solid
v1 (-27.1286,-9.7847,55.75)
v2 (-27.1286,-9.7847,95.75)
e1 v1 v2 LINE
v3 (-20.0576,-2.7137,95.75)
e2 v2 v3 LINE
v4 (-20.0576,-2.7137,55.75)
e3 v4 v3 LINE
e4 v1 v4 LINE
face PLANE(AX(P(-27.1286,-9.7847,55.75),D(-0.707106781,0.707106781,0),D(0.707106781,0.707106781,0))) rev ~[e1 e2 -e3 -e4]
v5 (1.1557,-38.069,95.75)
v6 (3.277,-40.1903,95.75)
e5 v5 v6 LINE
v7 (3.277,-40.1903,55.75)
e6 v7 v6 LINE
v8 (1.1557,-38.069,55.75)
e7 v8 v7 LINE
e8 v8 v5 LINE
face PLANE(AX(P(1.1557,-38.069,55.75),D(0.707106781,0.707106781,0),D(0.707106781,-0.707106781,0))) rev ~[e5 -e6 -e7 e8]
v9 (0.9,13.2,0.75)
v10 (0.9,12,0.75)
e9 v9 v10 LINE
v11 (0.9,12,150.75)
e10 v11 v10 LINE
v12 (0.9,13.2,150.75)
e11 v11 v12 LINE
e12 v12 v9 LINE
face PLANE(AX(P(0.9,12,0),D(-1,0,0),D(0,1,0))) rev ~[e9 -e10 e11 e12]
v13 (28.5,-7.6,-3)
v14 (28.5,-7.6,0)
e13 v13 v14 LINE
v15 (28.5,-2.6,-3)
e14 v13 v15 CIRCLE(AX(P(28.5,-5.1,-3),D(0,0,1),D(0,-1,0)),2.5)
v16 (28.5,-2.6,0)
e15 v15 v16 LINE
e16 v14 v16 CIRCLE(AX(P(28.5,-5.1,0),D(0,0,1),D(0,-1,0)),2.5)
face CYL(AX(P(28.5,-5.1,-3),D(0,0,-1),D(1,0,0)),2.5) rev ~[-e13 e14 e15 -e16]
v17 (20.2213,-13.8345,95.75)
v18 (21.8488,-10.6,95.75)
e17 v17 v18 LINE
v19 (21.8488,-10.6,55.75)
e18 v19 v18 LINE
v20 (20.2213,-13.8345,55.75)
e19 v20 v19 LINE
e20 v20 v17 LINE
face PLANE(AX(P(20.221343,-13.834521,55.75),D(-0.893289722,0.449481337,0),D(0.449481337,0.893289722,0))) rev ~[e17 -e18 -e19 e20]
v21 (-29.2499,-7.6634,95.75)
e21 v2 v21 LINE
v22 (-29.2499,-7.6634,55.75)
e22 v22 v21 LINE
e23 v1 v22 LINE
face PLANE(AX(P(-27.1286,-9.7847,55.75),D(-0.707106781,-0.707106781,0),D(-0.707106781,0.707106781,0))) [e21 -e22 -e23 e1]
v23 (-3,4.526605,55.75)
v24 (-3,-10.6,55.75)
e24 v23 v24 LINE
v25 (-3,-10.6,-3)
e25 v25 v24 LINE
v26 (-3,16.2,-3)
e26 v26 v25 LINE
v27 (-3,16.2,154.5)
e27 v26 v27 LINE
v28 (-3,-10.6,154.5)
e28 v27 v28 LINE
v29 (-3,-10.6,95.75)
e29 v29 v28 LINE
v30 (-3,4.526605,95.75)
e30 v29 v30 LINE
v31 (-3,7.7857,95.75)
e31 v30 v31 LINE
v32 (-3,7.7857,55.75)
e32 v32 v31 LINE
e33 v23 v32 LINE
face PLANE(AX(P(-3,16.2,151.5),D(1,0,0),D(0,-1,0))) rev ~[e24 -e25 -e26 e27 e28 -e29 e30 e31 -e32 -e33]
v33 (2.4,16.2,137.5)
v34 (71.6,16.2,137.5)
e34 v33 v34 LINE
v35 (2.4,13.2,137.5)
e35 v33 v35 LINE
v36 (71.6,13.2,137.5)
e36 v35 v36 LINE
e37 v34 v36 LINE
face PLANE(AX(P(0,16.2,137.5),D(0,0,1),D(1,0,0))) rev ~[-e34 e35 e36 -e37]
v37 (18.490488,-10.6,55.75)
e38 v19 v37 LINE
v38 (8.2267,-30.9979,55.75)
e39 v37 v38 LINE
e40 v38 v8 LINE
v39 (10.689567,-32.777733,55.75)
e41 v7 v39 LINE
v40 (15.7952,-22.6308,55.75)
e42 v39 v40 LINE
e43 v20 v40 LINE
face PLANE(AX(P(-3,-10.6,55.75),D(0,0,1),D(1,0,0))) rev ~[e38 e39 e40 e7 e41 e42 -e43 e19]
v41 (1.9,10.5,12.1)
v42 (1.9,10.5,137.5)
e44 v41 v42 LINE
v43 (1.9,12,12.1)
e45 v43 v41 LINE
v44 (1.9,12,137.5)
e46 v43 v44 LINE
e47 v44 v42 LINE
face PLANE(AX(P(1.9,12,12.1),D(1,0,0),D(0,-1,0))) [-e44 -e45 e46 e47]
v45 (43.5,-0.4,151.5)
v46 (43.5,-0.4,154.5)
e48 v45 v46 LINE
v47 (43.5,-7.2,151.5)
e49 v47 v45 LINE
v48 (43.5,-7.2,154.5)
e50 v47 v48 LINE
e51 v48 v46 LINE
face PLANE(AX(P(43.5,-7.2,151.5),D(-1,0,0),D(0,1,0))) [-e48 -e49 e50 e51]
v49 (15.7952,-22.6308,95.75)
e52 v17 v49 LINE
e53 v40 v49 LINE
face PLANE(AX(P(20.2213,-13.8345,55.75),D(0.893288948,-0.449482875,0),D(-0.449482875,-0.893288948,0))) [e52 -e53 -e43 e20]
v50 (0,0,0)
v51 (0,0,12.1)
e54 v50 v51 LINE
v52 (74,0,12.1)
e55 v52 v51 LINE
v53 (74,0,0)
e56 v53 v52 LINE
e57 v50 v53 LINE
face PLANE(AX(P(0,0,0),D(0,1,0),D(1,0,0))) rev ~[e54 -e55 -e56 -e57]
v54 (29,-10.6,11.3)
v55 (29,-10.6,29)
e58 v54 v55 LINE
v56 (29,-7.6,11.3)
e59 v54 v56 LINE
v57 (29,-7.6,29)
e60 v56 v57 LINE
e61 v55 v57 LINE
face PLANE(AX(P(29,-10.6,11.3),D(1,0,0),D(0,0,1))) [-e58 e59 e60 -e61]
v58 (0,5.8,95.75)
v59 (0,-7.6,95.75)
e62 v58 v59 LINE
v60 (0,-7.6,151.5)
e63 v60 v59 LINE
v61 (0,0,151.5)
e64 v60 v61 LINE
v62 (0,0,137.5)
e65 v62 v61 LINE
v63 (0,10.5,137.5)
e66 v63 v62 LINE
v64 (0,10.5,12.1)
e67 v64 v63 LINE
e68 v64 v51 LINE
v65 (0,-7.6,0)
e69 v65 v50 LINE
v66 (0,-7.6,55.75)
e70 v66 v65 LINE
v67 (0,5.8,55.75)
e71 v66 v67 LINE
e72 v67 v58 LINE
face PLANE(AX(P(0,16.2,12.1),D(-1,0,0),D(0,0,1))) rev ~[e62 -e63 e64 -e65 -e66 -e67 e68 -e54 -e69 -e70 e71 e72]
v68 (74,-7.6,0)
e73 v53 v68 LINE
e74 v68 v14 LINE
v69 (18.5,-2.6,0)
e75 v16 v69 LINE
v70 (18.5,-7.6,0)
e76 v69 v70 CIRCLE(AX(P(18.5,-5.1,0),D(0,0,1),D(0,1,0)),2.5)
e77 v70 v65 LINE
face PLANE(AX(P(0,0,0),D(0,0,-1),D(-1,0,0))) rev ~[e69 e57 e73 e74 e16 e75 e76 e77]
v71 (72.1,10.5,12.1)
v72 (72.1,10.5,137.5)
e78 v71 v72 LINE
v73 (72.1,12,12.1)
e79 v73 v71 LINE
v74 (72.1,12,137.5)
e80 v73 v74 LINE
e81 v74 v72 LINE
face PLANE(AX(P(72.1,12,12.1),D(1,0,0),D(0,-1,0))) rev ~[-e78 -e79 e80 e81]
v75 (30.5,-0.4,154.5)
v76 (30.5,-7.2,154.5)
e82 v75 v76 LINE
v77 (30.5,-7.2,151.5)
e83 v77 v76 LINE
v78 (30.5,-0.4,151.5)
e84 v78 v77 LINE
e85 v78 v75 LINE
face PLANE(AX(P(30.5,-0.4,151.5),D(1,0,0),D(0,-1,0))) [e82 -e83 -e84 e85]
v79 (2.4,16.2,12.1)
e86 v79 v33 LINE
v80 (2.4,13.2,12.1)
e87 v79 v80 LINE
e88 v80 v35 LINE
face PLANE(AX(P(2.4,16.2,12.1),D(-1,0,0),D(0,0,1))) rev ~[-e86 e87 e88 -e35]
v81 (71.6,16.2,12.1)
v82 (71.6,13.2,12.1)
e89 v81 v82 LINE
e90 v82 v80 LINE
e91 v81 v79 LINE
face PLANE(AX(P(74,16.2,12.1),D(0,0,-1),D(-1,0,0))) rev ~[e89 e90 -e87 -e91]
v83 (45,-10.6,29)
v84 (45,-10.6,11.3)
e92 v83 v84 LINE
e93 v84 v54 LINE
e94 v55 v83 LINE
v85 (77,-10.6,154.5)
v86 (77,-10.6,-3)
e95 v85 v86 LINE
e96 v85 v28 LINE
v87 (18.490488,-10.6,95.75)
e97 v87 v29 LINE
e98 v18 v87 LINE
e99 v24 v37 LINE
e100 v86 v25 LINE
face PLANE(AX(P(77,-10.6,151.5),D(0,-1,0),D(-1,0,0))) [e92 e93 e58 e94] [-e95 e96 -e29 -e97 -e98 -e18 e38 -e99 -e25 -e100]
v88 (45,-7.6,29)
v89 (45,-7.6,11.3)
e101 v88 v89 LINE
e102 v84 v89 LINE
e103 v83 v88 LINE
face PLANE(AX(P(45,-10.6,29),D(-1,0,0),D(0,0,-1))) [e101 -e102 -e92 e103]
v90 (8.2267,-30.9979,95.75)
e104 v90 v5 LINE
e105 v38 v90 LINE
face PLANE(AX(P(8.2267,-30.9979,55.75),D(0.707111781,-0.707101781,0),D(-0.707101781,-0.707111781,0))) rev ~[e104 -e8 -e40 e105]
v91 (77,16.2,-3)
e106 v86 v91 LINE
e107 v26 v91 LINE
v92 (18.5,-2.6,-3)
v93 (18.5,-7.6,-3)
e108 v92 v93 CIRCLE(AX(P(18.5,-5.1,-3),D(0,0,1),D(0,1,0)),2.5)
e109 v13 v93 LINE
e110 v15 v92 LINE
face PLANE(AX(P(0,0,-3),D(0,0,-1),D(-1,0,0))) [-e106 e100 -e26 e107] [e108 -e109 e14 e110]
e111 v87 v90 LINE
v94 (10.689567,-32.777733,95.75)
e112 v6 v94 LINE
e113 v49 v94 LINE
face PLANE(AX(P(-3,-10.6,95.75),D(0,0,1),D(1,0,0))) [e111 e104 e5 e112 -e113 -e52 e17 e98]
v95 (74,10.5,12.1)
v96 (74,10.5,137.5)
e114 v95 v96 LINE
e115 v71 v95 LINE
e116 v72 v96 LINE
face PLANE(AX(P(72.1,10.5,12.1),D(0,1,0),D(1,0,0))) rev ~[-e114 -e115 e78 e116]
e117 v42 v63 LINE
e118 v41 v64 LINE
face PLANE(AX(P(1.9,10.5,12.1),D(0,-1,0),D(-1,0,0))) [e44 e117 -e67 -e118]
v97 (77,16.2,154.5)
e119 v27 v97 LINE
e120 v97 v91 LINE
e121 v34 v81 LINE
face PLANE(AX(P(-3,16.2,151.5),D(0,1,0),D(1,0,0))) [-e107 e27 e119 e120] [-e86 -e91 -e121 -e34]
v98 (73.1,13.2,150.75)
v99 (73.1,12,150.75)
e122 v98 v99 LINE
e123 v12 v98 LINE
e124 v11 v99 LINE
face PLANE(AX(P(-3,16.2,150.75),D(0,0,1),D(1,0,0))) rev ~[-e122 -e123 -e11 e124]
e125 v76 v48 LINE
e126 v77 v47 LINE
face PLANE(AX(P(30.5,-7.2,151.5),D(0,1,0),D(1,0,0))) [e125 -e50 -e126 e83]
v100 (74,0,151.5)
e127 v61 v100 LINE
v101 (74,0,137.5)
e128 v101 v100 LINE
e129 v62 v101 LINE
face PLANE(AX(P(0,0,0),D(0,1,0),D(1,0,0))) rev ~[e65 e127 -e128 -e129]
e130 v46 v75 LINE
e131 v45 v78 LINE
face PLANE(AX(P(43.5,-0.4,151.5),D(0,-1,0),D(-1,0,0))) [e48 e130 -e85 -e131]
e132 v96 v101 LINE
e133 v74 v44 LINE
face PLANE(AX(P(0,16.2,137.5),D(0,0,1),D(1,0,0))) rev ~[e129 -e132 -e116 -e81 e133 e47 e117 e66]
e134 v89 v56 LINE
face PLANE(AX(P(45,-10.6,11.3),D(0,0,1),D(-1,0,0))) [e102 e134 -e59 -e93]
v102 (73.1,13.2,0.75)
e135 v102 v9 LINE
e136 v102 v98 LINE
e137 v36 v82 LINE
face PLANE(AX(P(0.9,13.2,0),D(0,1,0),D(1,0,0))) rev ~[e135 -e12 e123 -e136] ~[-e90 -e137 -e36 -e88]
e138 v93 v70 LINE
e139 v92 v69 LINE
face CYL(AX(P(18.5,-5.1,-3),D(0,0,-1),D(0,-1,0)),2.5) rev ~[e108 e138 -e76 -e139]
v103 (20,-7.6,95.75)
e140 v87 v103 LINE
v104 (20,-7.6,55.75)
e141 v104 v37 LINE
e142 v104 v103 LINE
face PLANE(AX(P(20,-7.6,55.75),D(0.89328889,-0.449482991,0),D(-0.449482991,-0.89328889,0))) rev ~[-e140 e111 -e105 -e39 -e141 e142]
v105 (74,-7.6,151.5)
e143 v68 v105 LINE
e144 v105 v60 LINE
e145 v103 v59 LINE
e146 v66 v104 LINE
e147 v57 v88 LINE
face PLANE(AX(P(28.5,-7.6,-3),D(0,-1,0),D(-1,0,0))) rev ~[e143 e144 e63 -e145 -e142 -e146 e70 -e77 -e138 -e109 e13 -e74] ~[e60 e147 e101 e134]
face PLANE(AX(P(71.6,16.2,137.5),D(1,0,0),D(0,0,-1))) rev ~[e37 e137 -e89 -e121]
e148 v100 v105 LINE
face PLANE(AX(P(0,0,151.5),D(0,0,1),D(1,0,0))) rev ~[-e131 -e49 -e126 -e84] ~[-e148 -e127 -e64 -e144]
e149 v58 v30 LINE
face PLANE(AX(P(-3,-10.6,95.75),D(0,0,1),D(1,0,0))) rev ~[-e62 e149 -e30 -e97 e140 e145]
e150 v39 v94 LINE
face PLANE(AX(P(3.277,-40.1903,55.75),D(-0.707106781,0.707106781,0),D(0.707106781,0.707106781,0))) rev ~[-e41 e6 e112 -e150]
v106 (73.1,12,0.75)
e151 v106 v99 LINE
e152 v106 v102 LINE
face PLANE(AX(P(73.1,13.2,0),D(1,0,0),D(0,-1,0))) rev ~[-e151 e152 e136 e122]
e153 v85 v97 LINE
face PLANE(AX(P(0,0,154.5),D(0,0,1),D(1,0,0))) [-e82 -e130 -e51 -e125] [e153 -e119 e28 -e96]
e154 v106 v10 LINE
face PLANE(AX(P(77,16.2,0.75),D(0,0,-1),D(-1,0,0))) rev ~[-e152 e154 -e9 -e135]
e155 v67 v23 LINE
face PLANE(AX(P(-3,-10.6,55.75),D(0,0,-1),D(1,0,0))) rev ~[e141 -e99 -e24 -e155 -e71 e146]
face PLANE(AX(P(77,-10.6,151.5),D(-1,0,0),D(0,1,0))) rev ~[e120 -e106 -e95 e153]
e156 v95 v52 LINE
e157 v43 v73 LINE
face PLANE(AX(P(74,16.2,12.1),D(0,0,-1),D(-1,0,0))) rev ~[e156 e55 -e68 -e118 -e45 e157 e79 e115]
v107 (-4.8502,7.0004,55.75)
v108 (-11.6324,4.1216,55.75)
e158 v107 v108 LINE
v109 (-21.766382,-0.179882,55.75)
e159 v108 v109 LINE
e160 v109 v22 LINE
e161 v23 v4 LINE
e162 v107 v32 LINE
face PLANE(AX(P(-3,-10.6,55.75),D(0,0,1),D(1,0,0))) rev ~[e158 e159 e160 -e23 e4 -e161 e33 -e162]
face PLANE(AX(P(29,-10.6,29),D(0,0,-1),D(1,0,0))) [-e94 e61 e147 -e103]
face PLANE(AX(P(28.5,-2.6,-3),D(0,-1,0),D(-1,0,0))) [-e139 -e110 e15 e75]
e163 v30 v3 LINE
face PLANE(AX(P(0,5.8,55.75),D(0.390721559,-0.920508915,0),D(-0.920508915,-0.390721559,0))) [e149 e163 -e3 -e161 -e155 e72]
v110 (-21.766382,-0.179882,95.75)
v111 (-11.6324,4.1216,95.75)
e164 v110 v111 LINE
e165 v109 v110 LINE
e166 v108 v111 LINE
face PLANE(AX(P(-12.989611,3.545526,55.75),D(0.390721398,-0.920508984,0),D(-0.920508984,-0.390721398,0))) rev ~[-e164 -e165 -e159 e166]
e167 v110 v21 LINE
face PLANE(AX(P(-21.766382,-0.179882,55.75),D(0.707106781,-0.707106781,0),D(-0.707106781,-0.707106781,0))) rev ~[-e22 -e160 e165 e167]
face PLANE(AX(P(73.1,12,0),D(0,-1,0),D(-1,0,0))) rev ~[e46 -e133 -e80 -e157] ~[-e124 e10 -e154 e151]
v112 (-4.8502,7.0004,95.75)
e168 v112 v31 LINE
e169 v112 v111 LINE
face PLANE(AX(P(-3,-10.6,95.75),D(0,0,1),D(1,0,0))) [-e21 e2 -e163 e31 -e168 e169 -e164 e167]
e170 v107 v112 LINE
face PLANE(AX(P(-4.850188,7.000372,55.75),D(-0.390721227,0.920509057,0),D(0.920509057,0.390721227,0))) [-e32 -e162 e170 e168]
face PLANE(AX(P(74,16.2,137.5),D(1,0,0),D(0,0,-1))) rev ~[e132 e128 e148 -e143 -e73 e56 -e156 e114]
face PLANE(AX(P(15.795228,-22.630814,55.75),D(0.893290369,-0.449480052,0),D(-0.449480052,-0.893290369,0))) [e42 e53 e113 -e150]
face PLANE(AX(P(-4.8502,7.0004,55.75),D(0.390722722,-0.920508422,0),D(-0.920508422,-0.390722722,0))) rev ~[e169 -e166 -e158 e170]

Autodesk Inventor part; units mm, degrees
ref_plane "YZ Plane" through (0, 0, 0) normal (1, 0, 0) x (0, 1, 0)
ref_plane "XZ Plane" through (0, 0, 0) normal (0, 1, 0) x (-1, 0, 0)
ref_plane "XY Plane" through (0, 0, 0) normal (0, 0, 1) x (1, 0, 0)
sketch "Sketch1" plane through (0, 0, 0) normal (0, 0, 1) x (1, 0, 0)
  line L0 (0, 0) -> (74, 0)
  line L1 (74, 0) -> (74, -7.6)
  line L2 (74, -7.6) -> (0, -7.6)
  line L3 (0, -7.6) -> (0, 0)
  line L4 (0.9, 13.2) -> (73.1, 13.2)
  line L5 (73.1, 13.2) -> (73.1, 12)
  line L6 (73.1, 12) -> (0.9, 12)
  line L7 (0.9, 12) -> (0.9, 13.2)
  line L8 (-3, 16.2) -> (77, 16.2)
  line L9 (77, 16.2) -> (77, -10.6)
  line L10 (77, -10.6) -> (-3, -10.6)
  line L11 (-3, -10.6) -> (-3, 16.2)
  dimension "d0" = 74
  dimension "d1" = 7.6
  dimension "d2" = 1.2
  dimension "d3" = 12
  dimension "d4" = 72.2
  dimension "d5" = 0.9
  dimension "d6" = 3
  dimension "d7" = 3
  dimension "d8" = 3
  dimension "d9" = 3
extrude "Extrusion1" add sketch "Sketch1" along normal blind 151.5
sketch "Sketch2" plane through (-3, 16.2, 0) normal (0, 1, 0) x (1, 0, 0)
  line L0 (77, -12.1) -> (3, -12.1)
  line L1 (3, -12.1) -> (3, -137.5)
  line L2 (3, -137.5) -> (77, -137.5)
  line L3 (77, -137.5) -> (77, -12.1)
  line L4 (80, 0) -> (80, -151.5) projected
  line L5 (0, 0) -> (0, -151.5) projected
  line L6 (80, 0) -> (0, 0) projected
  line L7 (80, -151.5) -> (0, -151.5) projected
  point P0 (3, 0)
  dimension "d12" = 3
  dimension "d14" = 12.1
  dimension "d15" = 14
  dimension "d23" = 3
extrude "Extrusion2" cut sketch "Sketch2" against normal up to surface (23.8 mm away) contours L3 L2 L1 L0
sketch "Sketch3" plane through (-3, 16.2, 0) normal (0, 1, 0) x (1, 0, 0)
  line L0 (80, 0) -> (80, -151.5) projected
  line L1 (0, 0) -> (0, -151.5) projected
  line L2 (80, -0.75) -> (0, -0.75)
  line L3 (0, -0.75) -> (0, -150.75)
  line L4 (0, -150.75) -> (80, -150.75)
  line L5 (80, -150.75) -> (80, -0.75)
  line L6 (80, -151.5) -> (0, -151.5) projected
  line L7 (80, 0) -> (0, 0) projected
  line L8 (80, 0) -> (0, 0)
  line L9 (0, 0) -> (0, -151.5)
  line L10 (0, -151.5) -> (80, -151.5)
  line L11 (80, -151.5) -> (80, 0)
  point P0 (3, 0)
  point P1 (0, -0.75)
  dimension "d18" = 150
  dimension "d19" = 151.5
  dimension "d20" = 0.75
extrude "Extrusion3" add sketch "Sketch3" against normal up to surface (4.2 mm away) contours L0 L2 L1 L7 | L0 L6 L1 L4
sketch "Sketch4" plane through (0, 0, 0) normal (0, 0, -1) x (-1, 0, 0)
  line L0 (-77, -10.6) -> (-77, 16.2) projected
  line L1 (3, 16.2) -> (3, -10.6) projected
  line L2 (-77, -10.6) -> (3, -10.6)
  line L3 (3, -10.6) -> (3, 16.2)
  line L4 (3, 16.2) -> (-77, 16.2)
  line L5 (-77, 16.2) -> (-77, -10.6)
  point P0 (0, 0)
extrude "Extrusion4" add sketch "Sketch4" along normal blind 3
sketch "Sketch5" plane through (0, 0, 151.5) normal (0, 0, 1) x (1, 0, 0)
  line L0 (-3, 16.2) -> (77, 16.2) projected
  line L1 (77, -10.6) -> (-3, -10.6) projected
  line L2 (77, 16.2) -> (-3, 16.2)
  line L3 (-3, 16.2) -> (-3, -10.6)
  line L4 (-3, -10.6) -> (77, -10.6)
  line L5 (77, -10.6) -> (77, 16.2)
  line L6 (43.5, -0.4) -> (30.5, -0.4)
  line L7 (30.5, -0.4) -> (30.5, -7.2)
  line L8 (30.5, -7.2) -> (43.5, -7.2)
  line L9 (43.5, -7.2) -> (43.5, -0.4)
  line L10 (74, -7.6) -> (0, -7.6) projected
  line L11 (74, 0) -> (74, -7.6) projected
  point P0 (0, 0)
  dimension "d26" = 6.8
  dimension "d27" = 13
  dimension "d28" = 0.4
  dimension "d29" = 30.5
extrude "Extrusion5" add sketch "Sketch5" along normal blind 3
sketch "Sketch6" plane through (-3, -10.6, -3) normal (0, -1, 0) x (1, 0, 0)
  line L0 (48, 14.3) -> (32, 14.3)
  line L1 (32, 14.3) -> (32, 32)
  line L2 (32, 32) -> (48, 32)
  line L3 (48, 32) -> (48, 14.3)
  line L4 (77, 3) -> (3, 3) projected
  line L5 (80, 157.5) -> (80, 0) projected
  dimension "d32" = 11.3
  dimension "d33" = 16
  dimension "d34" = 17.7
  dimension "d35" = 32
extrude "Extrusion6" cut sketch "Sketch6" against normal up to surface (3 mm away)
sketch "Sketch7" plane through (-3, 16.2, -3) normal (0, 1, 0) x (1, 0, 0)
  line L0 (3, -15.1) -> (77, -15.1) projected
  line L1 (77, -140.5) -> (3, -140.5) projected
  line L2 (74.6, -15.1) -> (5.4, -15.1)
  line L3 (5.4, -15.1) -> (5.4, -140.5)
  line L4 (5.4, -140.5) -> (74.6, -140.5)
  line L5 (74.6, -140.5) -> (74.6, -15.1)
  line L6 (77, -15.1) -> (77, -140.5) projected
  line L7 (3, -140.5) -> (3, -15.1) projected
  line L8 (77, -3) -> (77, -15.1) projected
  line L9 (77, -15.1) -> (3, -15.1)
  line L10 (3, -15.1) -> (3, -140.5)
  line L11 (3, -140.5) -> (77, -140.5)
  line L12 (77, -140.5) -> (77, -15.1)
  point P0 (3, -3)
  point P1 (5.4, -15.1)
  dimension "d38" = 2.4
  dimension "d39" = 2.4
extrude "Extrusion7" add sketch "Sketch7" against normal up to surface (3 mm away) contours L0 L3 L1 L7 | L0 L6 L1 L5
sketch "Sketch8" plane through (0, 0, -3) normal (0, 0, -1) x (-1, 0, 0)
  line L0 (-74, -7.6) -> (0, -7.6) projected
  line L1 (-18.5, -7.6) -> (-28.5, -7.6)
  line L2 (-31, -5.1) -> (-31, -5.1)
  line L3 (-28.5, -2.6) -> (-18.5, -2.6)
  line L4 (-16, -5.1) -> (-16, -5.1)
  line L5 (0, -7.6) -> (0, 0) projected
  line L6 (0, 0) -> (-74, 0) projected
  arc A0 (-31, -5.1) -> (-28.5, -7.6) centre (-28.5, -5.1) ccw
  arc A1 (-28.5, -2.6) -> (-31, -5.1) centre (-28.5, -5.1) ccw
  arc A2 (-18.5, -7.6) -> (-16, -5.1) centre (-18.5, -5.1) ccw
  arc A3 (-16, -5.1) -> (-18.5, -2.6) centre (-18.5, -5.1) ccw
  point P0 (-16, -7.6)
  point P1 (-31, -2.6)
  point P2 (-31, -7.6)
  point P3 (-16, -2.6)
  dimension "d42" = 15
  dimension "d43" = 16
  dimension "d44" = 2.6
  dimension "d45" = 5
  dimension "d46" = 2.5
extrude "Extrusion8" cut sketch "Sketch8" against normal up to surface (3 mm away)
sketch "Sketch9" plane through (0, 0, 12.1) normal (0, 0, 1) x (1, 0, 0)
  line L0 (0.9, 12) -> (0.9, 13.2) projected
  line L1 (0.9, 12) -> (0, 12)
  line L2 (0, 13.2) -> (0, 0) projected
  line L3 (0, 12) -> (1.9, 12)
  line L4 (1.9, 12) -> (1.9, 10.5)
  line L5 (1.9, 10.5) -> (0, 10.5)
  line L6 (0, 10.5) -> (0, 12)
  line L7 (0.9, 13.2) -> (0, 13.2)
  line L8 (0, 13.2) -> (0, 12)
  line L9 (0, 12) -> (0.9, 12)
  line L10 (0.9, 12) -> (0.9, 13.2)
  line L11 (73.1, 12) -> (73.1, 13.2) projected
  line L12 (73.1, 12) -> (74, 12)
  line L13 (74, 13.2) -> (74, 0) projected
  line L14 (74, 12) -> (72.1, 12)
  line L15 (72.1, 12) -> (72.1, 10.5)
  line L16 (72.1, 10.5) -> (74, 10.5)
  line L17 (74, 10.5) -> (74, 12)
  line L18 (74, 13.2) -> (73.1, 13.2) projected
  line L19 (73.1, 12) -> (74, 12)
  line L20 (74, 12) -> (74, 13.2)
  line L21 (74, 13.2) -> (73.1, 13.2)
  line L22 (73.1, 13.2) -> (73.1, 12)
  point P0 (0, 10.5)
  point P1 (73.1, 12)
  dimension "d49" = 1
  dimension "d50" = 1.5
  dimension "d52" = 1.5
  dimension "d53" = 1
extrude "Extrusion9" add sketch "Sketch9" along normal up to surface (125.4 mm away)
sketch "Sketch10" plane through (-3, -10.6, -3) normal (0, -1, 0) x (1, 0, 0)
  line L0 (20, 98.75) -> (-20, 98.75)
  line L1 (-20, 98.75) -> (-20, 58.75)
  line L2 (-20, 58.75) -> (20, 58.75)
  line L3 (20, 58.75) -> (20, 98.75)
  line L4 (80, 0) -> (0, 0) projected
  line L5 (0, 0) -> (0, 157.5) projected
  point P0 (3, 3)
  dimension "d56" = 40
  dimension "d57" = 40
  dimension "d58" = 58.75
  dimension "d59" = 20
extrude "Extrusion10" cut sketch "Sketch10" against normal blind 13.4
chamfer "Chamfer1" distance 3 angle 45 1 edges at (17, -7.6, 75.75)
sketch "Sketch12" plane through (-3, -10.6, 55.75) normal (0, 0, 1) x (1, 0, 0)
  line L0 (-17.0576, 7.8863) -> (11.2267, -20.3979)
  line L1 (11.2267, -20.3979) -> (4.1557, -27.469)
  line L2 (4.1557, -27.469) -> (-24.1286, 0.8153)
  line L3 (-24.1286, 0.8153) -> (-17.0576, 7.8863)
  line L4 (80, 0) -> (0, 0) projected
  line L5 (0, 13.4) -> (3, 16.4) projected
  line L6 (3, 16.4) -> (-17.0576, 7.8863)
  line L7 (23, 3) -> (20, 0) projected
  line L8 (23, 3) -> (11.2267, -20.3979)
  line L9 (23, 3) -> (3, 16.4)
  point P0 (3, 10.6)
  point P1 (21.4905, 0)
  dimension "d65" = 90
  dimension "d66" = 90
  dimension "d67" = 45
  dimension "d68" = 10
  dimension "d69" = 40
extrude "Extrusion11" cut sketch "Sketch12" along normal up to surface (40 mm away) contours L6 L9 L7 L4 L8 L0 | L4 L7 L8
sketch "Sketch13" plane through (-3, -10.6, 55.75) normal (0, 0, 1) x (1, 0, 0)
  line L0 (-17.0576, 7.8863) -> (11.2267, -20.3979)
  line L1 (11.2267, -20.3979) -> (4.1557, -27.469)
  line L2 (4.1557, -27.469) -> (-24.1286, 0.8153)
  line L3 (-24.1286, 0.8153) -> (-17.0576, 7.8863)
  line L4 (3, 16.4) -> (-17.0576, 7.8863)
  line L5 (23, 3) -> (11.2267, -20.3979)
  line L6 (23, 3) -> (3, 16.4) construction
  line L7 (-18.1567, 11.0298) -> (-26.2499, 2.9366)
  line L8 (-28.3713, 0.8153) -> (4.1557, -31.7116) construction
  line L9 (6.277, -29.5903) -> (18.682, -17.1853)
  line L10 (-24.1286, 0.8153) -> (-26.2499, 2.9366)
  line L11 (-26.2499, 2.9366) -> (6.277, -29.5903)
  line L12 (-1.8502, 17.6004) -> (-8.6324, 14.7216)
  line L13 (-1.8502, 17.6004) -> (-22.9463, 8.6459)
  line L14 (-9.9896, 14.1455) -> (3.638, 19.9299)
  line L15 (0, 0) -> (0, 26.8) projected
  line L16 (0, 15.1266) -> (0, 18.3857)
  line L17 (0, 0) -> (0, 15.1266) projected
  line L18 (23.2213, -3.2345) -> (18.7952, -12.0308)
  line L19 (23.2213, -3.2345) -> (9.1734, -31.1531)
  line L20 (17.9281, -13.7542) -> (27.2379, 4.7479)
  line L21 (80, 0) -> (0, 0) projected
  line L22 (24.8488, 0) -> (21.4905, 0)
  point P0 (3, 10.6)
  point P1 (4, 11.6)
  point P2 (0, 18.3857)
  point P3 (-8.6324, 14.7216)
  point P4 (-18.7665, 10.42)
  point P5 (13.6895, -22.1778)
  point P6 (23.2213, -3.2345)
  dimension "d72" = 90
  dimension "d73" = 90
  dimension "d74" = 10
  dimension "d75" = 40
  dimension "d76" = 3
  dimension "d77" = 3
  dimension "d78" = 3
  dimension "d79" = 3
  dimension "d80" = 3
extrude "Extrusion12" add sketch "Sketch13" along normal up to surface (40 mm away) contours L3 L10 L7 L13 L12 L14 L15 L4 | L5 L21 L20 L18 L19 L9 L11 L1
properties part number "left"
